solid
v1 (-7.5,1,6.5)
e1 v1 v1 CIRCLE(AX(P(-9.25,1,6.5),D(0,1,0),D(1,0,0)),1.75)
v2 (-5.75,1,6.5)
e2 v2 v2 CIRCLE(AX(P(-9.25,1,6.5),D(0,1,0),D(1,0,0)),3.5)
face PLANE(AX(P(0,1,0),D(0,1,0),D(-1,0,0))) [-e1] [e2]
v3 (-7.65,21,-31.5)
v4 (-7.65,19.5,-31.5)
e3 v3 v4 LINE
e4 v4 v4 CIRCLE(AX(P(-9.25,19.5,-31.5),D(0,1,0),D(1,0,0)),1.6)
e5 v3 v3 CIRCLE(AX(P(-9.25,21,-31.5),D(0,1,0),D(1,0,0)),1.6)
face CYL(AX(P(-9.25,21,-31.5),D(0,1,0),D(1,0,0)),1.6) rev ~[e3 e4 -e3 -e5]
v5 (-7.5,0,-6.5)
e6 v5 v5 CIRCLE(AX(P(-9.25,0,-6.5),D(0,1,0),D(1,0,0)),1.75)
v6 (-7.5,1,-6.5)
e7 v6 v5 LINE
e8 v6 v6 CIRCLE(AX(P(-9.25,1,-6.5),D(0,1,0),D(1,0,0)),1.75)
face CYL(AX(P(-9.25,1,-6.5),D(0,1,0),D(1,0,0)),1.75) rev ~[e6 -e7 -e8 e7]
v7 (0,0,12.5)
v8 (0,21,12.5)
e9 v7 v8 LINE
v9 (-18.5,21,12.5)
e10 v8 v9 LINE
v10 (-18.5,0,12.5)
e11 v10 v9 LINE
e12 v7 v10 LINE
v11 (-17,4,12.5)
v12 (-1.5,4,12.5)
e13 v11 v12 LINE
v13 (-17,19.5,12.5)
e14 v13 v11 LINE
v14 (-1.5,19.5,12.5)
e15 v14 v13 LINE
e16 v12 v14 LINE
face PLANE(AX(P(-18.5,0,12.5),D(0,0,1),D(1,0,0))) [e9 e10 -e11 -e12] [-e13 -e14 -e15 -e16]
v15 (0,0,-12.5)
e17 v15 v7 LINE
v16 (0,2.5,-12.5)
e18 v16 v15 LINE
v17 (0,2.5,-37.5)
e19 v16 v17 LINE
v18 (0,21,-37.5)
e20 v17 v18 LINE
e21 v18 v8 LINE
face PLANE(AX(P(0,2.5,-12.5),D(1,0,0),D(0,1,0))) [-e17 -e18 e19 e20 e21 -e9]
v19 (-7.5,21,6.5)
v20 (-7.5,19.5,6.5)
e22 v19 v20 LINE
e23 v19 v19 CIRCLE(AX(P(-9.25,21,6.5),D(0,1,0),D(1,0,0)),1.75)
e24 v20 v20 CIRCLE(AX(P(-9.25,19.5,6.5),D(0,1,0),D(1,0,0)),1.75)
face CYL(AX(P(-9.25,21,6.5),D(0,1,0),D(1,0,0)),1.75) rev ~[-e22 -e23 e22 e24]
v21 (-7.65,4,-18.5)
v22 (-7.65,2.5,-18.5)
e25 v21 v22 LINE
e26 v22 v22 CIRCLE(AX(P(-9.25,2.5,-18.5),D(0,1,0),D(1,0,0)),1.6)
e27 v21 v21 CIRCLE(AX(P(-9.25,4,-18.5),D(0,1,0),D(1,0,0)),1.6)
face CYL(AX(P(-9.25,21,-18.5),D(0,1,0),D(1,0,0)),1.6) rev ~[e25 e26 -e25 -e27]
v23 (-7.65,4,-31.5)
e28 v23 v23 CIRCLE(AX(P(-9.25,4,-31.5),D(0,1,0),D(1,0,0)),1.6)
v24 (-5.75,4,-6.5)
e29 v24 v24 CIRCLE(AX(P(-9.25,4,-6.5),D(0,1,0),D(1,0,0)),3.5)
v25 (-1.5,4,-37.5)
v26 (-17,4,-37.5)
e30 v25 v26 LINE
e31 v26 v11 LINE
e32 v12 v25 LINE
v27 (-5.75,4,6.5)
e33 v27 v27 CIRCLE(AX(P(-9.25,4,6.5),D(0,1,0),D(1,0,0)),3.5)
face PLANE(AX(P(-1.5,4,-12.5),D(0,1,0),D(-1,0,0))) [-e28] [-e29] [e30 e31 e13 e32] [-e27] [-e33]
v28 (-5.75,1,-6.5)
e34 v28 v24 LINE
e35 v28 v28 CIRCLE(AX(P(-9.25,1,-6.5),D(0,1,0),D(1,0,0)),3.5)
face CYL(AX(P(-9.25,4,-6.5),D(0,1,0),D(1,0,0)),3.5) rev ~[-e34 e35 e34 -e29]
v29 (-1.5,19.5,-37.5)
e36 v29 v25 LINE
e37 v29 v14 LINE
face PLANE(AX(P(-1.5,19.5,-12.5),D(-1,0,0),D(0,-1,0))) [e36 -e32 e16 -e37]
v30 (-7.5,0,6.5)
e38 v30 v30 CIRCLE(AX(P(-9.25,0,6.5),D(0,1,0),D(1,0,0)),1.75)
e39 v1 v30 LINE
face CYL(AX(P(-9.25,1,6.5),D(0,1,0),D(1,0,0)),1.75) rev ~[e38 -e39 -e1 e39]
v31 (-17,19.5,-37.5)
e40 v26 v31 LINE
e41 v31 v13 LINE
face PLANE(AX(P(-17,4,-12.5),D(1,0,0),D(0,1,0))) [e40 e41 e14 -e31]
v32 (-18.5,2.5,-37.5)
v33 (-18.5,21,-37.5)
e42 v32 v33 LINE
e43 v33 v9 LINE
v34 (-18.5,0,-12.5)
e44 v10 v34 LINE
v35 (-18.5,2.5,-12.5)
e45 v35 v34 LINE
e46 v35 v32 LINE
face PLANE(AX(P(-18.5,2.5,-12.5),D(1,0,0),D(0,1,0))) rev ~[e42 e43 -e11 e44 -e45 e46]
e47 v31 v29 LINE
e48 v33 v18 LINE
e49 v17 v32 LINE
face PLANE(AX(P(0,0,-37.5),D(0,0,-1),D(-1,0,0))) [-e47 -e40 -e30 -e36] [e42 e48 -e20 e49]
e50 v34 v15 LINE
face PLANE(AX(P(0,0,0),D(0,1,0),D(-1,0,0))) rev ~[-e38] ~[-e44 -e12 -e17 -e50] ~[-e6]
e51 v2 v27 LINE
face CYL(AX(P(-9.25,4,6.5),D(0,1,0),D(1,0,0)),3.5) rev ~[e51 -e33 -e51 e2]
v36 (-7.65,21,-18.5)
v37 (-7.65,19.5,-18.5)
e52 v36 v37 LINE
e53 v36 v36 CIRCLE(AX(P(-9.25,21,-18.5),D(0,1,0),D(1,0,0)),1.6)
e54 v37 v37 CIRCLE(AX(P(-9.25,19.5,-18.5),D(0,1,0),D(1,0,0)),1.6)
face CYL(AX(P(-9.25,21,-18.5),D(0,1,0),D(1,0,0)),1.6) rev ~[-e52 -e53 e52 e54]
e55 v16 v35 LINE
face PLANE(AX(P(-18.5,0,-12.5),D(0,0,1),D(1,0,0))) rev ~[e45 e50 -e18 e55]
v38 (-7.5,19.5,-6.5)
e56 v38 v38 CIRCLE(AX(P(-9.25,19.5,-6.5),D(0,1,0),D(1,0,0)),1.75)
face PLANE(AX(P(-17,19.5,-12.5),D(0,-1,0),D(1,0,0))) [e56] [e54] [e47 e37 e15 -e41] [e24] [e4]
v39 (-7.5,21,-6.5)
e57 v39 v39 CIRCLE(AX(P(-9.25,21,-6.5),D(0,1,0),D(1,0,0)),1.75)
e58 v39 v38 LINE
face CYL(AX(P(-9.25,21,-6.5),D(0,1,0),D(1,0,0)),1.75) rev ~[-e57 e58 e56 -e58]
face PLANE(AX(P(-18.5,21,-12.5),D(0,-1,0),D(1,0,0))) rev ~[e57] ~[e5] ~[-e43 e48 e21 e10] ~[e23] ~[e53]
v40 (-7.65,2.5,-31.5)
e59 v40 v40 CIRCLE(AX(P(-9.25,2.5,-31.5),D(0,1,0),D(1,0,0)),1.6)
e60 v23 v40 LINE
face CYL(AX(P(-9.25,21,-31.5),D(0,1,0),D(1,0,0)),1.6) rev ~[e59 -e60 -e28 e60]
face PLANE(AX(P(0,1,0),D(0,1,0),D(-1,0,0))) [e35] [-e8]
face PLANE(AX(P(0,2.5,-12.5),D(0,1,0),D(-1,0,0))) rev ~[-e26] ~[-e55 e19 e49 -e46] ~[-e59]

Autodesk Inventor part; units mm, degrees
ref_plane "YZ Plane" through (0, 0, 0) normal (1, 0, 0) x (0, 1, 0)
ref_plane "XZ Plane" through (0, 0, 0) normal (0, 1, 0) x (-1, 0, 0)
ref_plane "XY Plane" through (0, 0, 0) normal (0, 0, 1) x (1, 0, 0)
sketch "スケッチ1" plane through (0, 0, 0) normal (0, 1, 0) x (-1, 0, 0)
  line L0 (0, 12.5) -> (18.5, 12.5)
  line L1 (18.5, 12.5) -> (18.5, -12.5)
  line L2 (18.5, -12.5) -> (0, -12.5)
  line L3 (0, -12.5) -> (0, 12.5)
  point P0 (0, 0)
  point P1 (0, 0)
  dimension "d0" = 18.5
  dimension "d1" = 25
extrude "押し出し1" add sketch "スケッチ1" along normal blind 1
sketch "スケッチ3" plane through (0, 1, 0) normal (0, 1, 0) x (1, 0, 0)
  circle A0 centre (-9.25, -6.5) radius 1.75
  circle A1 centre (-9.25, 6.5) radius 1.75
  line L0 (-22.2, 0) -> (3.7, 0) projected
  line L1 (-18.5, -12.5) -> (0, -12.5) projected
  point P0 (0, 0)
  point P1 (-9.25, -12.5)
  dimension "d9" = 6
  dimension "d10" = 3.5
extrude "押し出し3" cut sketch "スケッチ3" against normal through all
sketch "スケッチ4" plane through (0, 1, 0) normal (0, 1, 0) x (1, 0, 0)
  circle A0 centre (-9.25, -6.5) radius 1.75 projected
  circle A1 centre (-9.25, 6.5) radius 1.75 projected
  line L0 (0, 12.5) -> (-18.5, 12.5) projected
  line L1 (-18.5, 12.5) -> (-18.5, -12.5) projected
  line L2 (-18.5, -12.5) -> (0, -12.5) projected
  line L3 (0, -12.5) -> (0, 12.5) projected
  circle A2 centre (-9.25, 6.5) radius 3.5
  circle A3 centre (-9.25, -6.5) radius 3.5
  point P0 (0, 0)
  dimension "d13" = 7
  dimension "d14" = 7
extrude "押し出し4" add sketch "スケッチ4" along normal blind 1.5 contours L3 L2 L1 L0
sketch "スケッチ5" plane through (-18.5, 0, 12.5) normal (0, 0, 1) x (1, 0, 0)
  line L0 (0, 2.5) -> (18.5, 2.5)
  line L1 (18.5, 2.5) -> (18.5, 21)
  line L2 (18.5, 21) -> (0, 21)
  line L3 (0, 21) -> (0, 2.5)
  line L4 (1.5, 4) -> (17, 4)
  line L5 (17, 4) -> (17, 19.5)
  line L6 (17, 19.5) -> (1.5, 19.5)
  line L7 (1.5, 19.5) -> (1.5, 4)
  point P0 (18.5, 0)
  point P1 (9.25, 19.5)
  point P2 (9.25, 21)
  dimension "d17" = 1.5
  dimension "d18" = 1.5
  dimension "d19" = 15.5
extrude "押し出し5" add sketch "スケッチ5" against normal up to surface (25 mm away)
sketch "スケッチ6" plane through (-17, 4, 12.5) normal (0, 1, 0) x (1, 0, 0)
  circle A0 centre (7.75, 6) radius 3.5 projected
  circle A1 centre (7.75, 19) radius 3.5 projected
  point P0 (17, 12.5)
extrude "押し出し6" cut sketch "スケッチ6" against normal up to surface (1.5 mm away)
sketch "スケッチ7" plane through (-18.5, 21, 12.5) normal (0, 1, 0) x (1, 0, 0)
  circle A0 centre (9.25, 19) radius 1.75 projected
  circle A1 centre (9.25, 6) radius 1.75 projected
  point P0 (18.5, 12.5)
extrude "押し出し7" cut sketch "スケッチ7" against normal through all
sketch "スケッチ9" plane through (0, 0, -12.5) normal (0, 0, -1) x (-1, 0, 0)
  line L0 (0, 0) -> (0, 21) projected
  line L1 (18.5, 0) -> (18.5, 21) projected
  line L2 (0, 2.5) -> (18.5, 2.5)
  line L3 (18.5, 2.5) -> (18.5, 21)
  line L4 (18.5, 21) -> (0, 21)
  line L5 (0, 21) -> (0, 2.5)
  line L6 (1.5, 4) -> (17, 4) projected
  line L7 (1.5, 19.5) -> (1.5, 4) projected
  line L8 (17, 19.5) -> (1.5, 19.5) projected
  line L9 (17, 4) -> (17, 19.5) projected
  dimension "d32" = 18.5
extrude "押し出し9" add sketch "スケッチ9" along normal blind 25
sketch "スケッチ10" plane through (-18.5, 21, 12.5) normal (0, 1, 0) x (1, 0, 0)
  circle A0 centre (9.25, 44) radius 1.6
  circle A1 centre (9.25, 31) radius 1.6
  line L0 (0, 50) -> (18.5, 50) projected
  point P0 (18.5, 12.5)
  point P1 (9.25, 50)
  dimension "d35" = 3.2
  dimension "d36" = 3.2
  dimension "d37" = 6
  dimension "d38" = 13
extrude "押し出し10" cut sketch "スケッチ10" against normal through all
equation "\"d18\" = d17"
properties part number "pole_setter_arm"
